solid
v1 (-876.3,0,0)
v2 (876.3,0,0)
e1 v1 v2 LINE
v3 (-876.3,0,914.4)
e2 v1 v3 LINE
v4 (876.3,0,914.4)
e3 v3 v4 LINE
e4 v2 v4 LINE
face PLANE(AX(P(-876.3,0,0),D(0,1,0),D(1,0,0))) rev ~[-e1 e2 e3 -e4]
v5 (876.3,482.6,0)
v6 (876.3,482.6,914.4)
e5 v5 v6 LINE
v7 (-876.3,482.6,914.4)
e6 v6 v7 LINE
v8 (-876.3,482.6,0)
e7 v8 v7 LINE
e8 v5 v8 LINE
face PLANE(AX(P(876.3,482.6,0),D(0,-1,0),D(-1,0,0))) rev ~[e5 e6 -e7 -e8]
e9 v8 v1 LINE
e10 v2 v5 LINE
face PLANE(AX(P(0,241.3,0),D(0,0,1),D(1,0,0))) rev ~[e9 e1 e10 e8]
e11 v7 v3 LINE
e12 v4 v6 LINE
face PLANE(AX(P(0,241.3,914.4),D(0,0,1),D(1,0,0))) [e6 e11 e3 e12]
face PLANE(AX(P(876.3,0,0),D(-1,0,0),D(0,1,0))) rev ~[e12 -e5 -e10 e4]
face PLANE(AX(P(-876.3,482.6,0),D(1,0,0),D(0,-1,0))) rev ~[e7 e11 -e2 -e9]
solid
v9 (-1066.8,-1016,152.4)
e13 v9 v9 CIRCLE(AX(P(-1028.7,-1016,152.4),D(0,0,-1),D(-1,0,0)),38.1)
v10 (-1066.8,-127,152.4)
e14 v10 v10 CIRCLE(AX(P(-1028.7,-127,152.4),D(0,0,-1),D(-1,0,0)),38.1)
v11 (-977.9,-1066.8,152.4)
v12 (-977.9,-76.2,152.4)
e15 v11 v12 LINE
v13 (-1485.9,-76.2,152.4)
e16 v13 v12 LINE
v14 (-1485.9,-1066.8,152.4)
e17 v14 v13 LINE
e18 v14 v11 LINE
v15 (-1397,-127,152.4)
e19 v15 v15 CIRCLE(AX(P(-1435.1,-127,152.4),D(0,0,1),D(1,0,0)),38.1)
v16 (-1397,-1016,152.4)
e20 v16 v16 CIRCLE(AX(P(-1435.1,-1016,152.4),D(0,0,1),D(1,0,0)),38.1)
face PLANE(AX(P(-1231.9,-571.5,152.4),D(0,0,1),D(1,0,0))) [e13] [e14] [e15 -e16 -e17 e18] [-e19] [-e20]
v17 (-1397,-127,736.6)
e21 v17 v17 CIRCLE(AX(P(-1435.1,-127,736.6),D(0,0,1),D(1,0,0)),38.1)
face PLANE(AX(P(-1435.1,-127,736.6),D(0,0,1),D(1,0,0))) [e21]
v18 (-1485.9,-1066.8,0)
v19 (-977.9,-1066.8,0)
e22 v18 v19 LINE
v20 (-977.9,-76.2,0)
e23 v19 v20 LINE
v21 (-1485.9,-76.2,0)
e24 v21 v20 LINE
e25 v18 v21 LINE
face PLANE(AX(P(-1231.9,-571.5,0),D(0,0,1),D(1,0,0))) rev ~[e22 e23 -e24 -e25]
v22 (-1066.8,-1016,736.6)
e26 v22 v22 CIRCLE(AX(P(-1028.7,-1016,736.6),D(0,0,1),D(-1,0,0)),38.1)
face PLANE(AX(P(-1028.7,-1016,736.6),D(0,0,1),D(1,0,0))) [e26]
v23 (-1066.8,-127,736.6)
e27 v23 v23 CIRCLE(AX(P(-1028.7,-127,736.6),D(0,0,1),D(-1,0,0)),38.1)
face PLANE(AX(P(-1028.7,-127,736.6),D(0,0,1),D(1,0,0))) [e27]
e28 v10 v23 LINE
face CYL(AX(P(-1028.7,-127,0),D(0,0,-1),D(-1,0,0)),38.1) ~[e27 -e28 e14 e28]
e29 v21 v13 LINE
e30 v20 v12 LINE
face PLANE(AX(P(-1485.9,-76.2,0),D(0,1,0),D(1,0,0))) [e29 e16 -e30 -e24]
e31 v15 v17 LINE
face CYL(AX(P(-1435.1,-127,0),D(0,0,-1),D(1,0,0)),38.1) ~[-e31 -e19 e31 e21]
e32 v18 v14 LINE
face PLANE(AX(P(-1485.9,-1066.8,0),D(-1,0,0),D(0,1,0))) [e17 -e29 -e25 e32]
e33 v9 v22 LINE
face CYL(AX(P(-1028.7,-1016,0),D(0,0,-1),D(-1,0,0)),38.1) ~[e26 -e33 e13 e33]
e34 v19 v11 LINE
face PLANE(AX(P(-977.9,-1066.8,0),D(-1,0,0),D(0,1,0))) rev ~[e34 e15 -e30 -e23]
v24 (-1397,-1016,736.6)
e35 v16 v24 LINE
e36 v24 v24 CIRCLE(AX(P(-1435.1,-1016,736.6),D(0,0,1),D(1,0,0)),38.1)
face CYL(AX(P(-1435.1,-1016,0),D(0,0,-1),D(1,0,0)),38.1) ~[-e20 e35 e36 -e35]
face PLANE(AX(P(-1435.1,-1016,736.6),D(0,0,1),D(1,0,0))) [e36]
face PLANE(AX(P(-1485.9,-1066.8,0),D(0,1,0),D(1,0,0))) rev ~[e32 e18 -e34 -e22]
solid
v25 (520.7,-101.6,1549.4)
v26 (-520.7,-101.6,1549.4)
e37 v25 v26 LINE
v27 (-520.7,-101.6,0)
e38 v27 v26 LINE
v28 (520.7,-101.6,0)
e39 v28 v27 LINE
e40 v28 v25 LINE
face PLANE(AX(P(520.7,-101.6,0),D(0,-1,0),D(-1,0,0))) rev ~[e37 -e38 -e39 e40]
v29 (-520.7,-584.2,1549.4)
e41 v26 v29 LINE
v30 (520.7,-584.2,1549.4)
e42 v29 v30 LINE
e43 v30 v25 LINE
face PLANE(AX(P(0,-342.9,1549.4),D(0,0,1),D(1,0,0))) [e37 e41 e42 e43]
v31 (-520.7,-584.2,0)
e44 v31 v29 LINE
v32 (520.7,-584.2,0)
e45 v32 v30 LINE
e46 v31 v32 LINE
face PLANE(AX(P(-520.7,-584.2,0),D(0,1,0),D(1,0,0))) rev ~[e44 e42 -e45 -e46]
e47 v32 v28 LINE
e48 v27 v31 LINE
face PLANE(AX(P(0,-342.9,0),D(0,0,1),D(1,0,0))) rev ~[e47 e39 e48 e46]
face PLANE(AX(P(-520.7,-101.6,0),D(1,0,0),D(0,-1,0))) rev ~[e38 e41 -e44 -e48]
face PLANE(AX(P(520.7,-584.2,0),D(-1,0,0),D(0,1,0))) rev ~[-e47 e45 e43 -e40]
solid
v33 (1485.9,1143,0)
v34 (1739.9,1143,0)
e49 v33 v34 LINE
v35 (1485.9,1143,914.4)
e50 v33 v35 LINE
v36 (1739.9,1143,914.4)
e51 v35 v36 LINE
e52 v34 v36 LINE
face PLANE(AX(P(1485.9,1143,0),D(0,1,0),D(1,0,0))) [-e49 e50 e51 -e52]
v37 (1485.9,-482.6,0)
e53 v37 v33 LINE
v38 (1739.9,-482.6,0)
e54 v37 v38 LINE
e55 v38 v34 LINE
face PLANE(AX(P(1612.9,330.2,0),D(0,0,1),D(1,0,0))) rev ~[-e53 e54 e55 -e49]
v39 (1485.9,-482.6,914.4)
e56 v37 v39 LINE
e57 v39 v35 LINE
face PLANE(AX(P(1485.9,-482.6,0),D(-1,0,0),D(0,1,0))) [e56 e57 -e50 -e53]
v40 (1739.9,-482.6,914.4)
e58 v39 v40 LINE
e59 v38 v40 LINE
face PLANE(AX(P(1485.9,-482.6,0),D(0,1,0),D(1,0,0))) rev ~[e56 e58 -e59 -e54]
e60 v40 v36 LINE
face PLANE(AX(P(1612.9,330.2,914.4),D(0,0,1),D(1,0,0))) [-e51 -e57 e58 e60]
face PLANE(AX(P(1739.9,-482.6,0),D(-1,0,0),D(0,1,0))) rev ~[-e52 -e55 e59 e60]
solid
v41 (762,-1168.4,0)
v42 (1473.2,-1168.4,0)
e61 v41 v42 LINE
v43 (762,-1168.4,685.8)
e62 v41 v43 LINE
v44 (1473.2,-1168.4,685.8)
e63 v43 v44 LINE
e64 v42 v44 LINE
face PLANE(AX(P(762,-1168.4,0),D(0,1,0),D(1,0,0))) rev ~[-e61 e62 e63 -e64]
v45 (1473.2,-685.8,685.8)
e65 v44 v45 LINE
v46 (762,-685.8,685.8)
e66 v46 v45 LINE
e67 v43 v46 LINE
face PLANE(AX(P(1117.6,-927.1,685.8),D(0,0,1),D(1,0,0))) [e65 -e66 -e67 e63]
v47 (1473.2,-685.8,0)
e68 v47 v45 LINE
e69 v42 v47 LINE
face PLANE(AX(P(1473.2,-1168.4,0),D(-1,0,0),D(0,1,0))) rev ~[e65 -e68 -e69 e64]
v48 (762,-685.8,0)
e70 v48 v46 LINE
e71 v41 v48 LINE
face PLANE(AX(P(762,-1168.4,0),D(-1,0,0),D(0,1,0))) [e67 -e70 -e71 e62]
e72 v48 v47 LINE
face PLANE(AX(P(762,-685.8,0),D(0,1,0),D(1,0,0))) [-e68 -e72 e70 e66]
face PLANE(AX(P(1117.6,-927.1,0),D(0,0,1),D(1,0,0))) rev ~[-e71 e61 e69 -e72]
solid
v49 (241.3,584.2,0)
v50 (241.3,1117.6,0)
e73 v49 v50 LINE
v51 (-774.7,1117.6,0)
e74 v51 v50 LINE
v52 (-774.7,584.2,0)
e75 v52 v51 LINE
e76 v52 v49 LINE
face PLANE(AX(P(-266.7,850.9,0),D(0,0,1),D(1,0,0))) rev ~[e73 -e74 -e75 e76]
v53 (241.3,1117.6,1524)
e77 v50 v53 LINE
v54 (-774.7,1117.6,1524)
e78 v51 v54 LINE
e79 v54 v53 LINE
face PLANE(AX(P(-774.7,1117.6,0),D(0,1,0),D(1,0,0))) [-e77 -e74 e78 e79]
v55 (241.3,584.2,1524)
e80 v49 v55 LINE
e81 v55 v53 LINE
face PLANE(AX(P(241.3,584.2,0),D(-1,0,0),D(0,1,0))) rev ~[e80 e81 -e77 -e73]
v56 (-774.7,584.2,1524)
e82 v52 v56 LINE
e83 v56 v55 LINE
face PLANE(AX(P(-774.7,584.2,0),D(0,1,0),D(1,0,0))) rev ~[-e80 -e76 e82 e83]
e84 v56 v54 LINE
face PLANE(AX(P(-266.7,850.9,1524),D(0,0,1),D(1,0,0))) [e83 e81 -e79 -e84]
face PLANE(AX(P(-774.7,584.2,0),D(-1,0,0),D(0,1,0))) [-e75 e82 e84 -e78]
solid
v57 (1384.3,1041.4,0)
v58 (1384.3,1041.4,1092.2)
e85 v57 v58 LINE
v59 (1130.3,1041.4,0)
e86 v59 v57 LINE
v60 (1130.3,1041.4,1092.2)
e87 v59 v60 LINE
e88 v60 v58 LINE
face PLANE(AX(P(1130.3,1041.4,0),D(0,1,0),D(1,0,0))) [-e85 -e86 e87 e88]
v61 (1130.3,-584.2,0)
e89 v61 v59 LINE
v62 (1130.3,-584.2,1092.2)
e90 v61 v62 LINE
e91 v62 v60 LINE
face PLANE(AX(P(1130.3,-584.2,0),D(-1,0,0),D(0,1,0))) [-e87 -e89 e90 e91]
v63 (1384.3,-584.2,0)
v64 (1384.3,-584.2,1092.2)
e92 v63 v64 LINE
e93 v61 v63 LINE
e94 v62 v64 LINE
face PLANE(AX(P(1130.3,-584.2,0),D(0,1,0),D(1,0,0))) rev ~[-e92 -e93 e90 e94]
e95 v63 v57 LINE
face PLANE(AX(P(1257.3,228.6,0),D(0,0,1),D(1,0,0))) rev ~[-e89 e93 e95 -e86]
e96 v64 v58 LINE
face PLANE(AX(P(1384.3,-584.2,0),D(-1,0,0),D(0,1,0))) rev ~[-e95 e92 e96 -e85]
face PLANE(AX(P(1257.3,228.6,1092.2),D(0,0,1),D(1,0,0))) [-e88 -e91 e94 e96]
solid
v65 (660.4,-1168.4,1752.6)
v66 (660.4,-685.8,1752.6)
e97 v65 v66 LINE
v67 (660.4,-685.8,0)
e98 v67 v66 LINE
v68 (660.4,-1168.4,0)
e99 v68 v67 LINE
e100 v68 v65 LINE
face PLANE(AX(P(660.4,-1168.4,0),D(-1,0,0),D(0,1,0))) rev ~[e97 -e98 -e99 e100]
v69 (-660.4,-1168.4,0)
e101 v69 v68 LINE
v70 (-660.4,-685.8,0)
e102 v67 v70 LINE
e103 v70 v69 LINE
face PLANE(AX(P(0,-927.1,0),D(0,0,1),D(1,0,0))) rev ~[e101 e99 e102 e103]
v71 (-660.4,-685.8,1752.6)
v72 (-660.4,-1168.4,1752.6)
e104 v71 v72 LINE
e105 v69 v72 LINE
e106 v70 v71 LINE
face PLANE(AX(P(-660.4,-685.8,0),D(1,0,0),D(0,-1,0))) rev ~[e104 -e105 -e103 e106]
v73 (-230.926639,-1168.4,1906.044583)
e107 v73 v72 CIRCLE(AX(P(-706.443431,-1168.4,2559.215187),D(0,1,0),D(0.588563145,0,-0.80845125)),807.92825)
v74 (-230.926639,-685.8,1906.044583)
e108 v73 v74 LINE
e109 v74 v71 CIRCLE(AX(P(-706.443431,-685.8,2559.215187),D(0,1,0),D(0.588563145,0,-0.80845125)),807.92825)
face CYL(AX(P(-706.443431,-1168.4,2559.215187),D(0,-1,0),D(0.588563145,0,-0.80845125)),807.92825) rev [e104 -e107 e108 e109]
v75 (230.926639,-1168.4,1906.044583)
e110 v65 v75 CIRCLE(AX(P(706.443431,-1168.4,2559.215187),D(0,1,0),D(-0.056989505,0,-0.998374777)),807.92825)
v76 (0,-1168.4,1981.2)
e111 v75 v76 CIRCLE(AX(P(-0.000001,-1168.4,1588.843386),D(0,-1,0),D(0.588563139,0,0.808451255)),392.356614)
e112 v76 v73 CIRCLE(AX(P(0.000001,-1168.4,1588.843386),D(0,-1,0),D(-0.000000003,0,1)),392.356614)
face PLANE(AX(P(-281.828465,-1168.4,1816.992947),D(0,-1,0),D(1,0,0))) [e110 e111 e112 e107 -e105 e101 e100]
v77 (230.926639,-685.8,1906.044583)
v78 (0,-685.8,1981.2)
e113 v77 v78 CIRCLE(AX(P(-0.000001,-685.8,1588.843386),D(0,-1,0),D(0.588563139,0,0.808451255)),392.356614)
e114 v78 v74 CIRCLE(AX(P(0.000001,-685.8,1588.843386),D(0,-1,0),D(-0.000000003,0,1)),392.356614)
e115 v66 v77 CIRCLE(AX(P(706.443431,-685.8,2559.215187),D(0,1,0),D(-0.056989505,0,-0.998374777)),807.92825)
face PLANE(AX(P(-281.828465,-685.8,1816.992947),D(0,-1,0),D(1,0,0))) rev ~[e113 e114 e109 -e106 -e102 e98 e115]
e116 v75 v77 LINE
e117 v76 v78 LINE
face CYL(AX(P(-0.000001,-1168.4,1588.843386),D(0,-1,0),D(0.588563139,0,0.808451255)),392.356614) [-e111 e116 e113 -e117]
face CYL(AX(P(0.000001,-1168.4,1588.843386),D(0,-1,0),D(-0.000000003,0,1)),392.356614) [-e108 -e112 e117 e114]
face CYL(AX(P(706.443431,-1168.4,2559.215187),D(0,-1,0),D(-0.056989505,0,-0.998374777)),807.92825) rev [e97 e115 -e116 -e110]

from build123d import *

# Parameters (mm, degrees)
F1_DEPTH  = 914.4
F2_DEPTH  = 1549.4
F3_DEPTH  = 1752.6
F5_DEPTH  = 482.6
F0_W      = 1016
F0_H      = 533.4
F6_DEPTH  = 1524
F0_W_2    = 711.2
F0_H_2    = 482.6
F7_DEPTH  = 685.8
F0_W_3    = 254
F0_H_3    = 1625.6
F8_DEPTH  = 1092.2
F9_DEPTH  = 914.4
F0_W_4    = 508
F0_H_4    = 990.6
F0_R      = 38.1
F10_DEPTH = 152.4
F11_DEPTH = 736.6


with BuildPart() as f1:
    # F0 (on Top) → F1 (new body)
    with BuildSketch(Plane.XY):
        Polygon((876.3, 482.6), (-876.3, 482.6), (-876.3, 0), (0, 0), (876.3, 0), align=None)
    extrude(amount=F1_DEPTH)


with BuildPart() as f2:
    # F0 (on Top) → F2 (new body)
    with BuildSketch(Plane.XY):
        Polygon((520.7, -101.6), (0, -101.6), (-520.7, -101.6), (-520.7, -584.2), (0, -584.2), (520.7, -584.2), align=None)
    extrude(amount=F2_DEPTH)


with BuildPart() as f3:
    # F0 (on Top) → F3 (new body)
    with BuildSketch(Plane.XY):
        Polygon((660.4, -685.8), (0, -685.8), (-660.4, -685.8), (-660.4, -1168.4), (660.4, -1168.4), align=None)
    extrude(amount=F3_DEPTH)

    # F4 (on face) → F5 (join, through all)
    with BuildSketch(Plane.XZ.offset(1168.4)):
        with BuildLine():
            ThreePointArc((-230.926639, 1906.044583), (-434.611541, 1798.389661), (-660.4, 1752.6))
            Line((-660.4, 1752.6), (0, 1752.6))
            Line((0, 1752.6), (0, 1981.2))
            ThreePointArc((0, 1981.2), (-121.424307, 1961.938347), (-230.926639, 1906.044583))
        make_face()
        with BuildLine():
            Line((0, 1981.2), (0, 1752.6))
            Line((0, 1752.6), (660.4, 1752.6))
            ThreePointArc((660.4, 1752.6), (434.611541, 1798.389661), (230.926639, 1906.044583))
            ThreePointArc((230.926639, 1906.044583), (121.424307, 1961.938347), (0, 1981.2))
        make_face()
    extrude(amount=-F5_DEPTH)


with BuildPart() as f6:
    # F0 (on Top) → F6 (new body)
    with BuildSketch(Plane.XY):
        with Locations((-266.7, 850.9)):
            Rectangle(F0_W, F0_H)
    extrude(amount=F6_DEPTH)


with BuildPart() as f7:
    # F0 (on Top) → F7 (new body)
    with BuildSketch(Plane.XY):
        with Locations((1117.6, -927.1)):
            Rectangle(F0_W_2, F0_H_2)
    extrude(amount=F7_DEPTH)


with BuildPart() as f8:
    # F0 (on Top) → F8 (new body)
    with BuildSketch(Plane.XY):
        with Locations((1257.3, 228.6)):
            Rectangle(F0_W_3, F0_H_3)
    extrude(amount=F8_DEPTH)


with BuildPart() as f9:
    # F0 (on Top) → F9 (new body)
    with BuildSketch(Plane.XY):
        with Locations((1612.9, 330.2)):
            Rectangle(F0_W_3, F0_H_3)
    extrude(amount=F9_DEPTH)


with BuildPart() as f10:
    # F0 (on Top) → F10 (new body)
    with BuildSketch(Plane.XY):
        with Locations((-1231.9, -571.5)):
            Rectangle(F0_W_4, F0_H_4)
        with Locations((-1435.1, -1016)):
            Circle(F0_R, mode=Mode.SUBTRACT)
        with BuildLine():
            ThreePointArc((-990.6, -1016), (-1028.7, -1054.1), (-1066.8, -1016))
            ThreePointArc((-1066.8, -1016), (-1028.7, -977.9), (-990.6, -1016))
        make_face(mode=Mode.SUBTRACT)
        with Locations((-1435.1, -127)):
            Circle(F0_R, mode=Mode.SUBTRACT)
        with BuildLine():
            ThreePointArc((-990.6, -127), (-1028.7, -165.1), (-1066.8, -127))
            ThreePointArc((-1066.8, -127), (-1028.7, -88.9), (-990.6, -127))
        make_face(mode=Mode.SUBTRACT)
    extrude(amount=F10_DEPTH)

    # F0 (on Top) → F11 (join)
    with BuildSketch(Plane.XY):
        with Locations((-1435.1, -127)):
            Circle(F0_R)
        with BuildLine():
            ThreePointArc((-990.6, -127), (-1028.7, -88.9), (-1066.8, -127))
            ThreePointArc((-1066.8, -127), (-1028.7, -165.1), (-990.6, -127))
        make_face()
        with BuildLine():
            ThreePointArc((-990.6, -1016), (-1028.7, -977.9), (-1066.8, -1016))
            ThreePointArc((-1066.8, -1016), (-1028.7, -1054.1), (-990.6, -1016))
        make_face()
        with Locations((-1435.1, -1016)):
            Circle(F0_R)
    extrude(amount=F11_DEPTH)


solid = Compound([f1.part, f2.part, f3.part, f6.part, f7.part, f8.part, f9.part, f10.part])
